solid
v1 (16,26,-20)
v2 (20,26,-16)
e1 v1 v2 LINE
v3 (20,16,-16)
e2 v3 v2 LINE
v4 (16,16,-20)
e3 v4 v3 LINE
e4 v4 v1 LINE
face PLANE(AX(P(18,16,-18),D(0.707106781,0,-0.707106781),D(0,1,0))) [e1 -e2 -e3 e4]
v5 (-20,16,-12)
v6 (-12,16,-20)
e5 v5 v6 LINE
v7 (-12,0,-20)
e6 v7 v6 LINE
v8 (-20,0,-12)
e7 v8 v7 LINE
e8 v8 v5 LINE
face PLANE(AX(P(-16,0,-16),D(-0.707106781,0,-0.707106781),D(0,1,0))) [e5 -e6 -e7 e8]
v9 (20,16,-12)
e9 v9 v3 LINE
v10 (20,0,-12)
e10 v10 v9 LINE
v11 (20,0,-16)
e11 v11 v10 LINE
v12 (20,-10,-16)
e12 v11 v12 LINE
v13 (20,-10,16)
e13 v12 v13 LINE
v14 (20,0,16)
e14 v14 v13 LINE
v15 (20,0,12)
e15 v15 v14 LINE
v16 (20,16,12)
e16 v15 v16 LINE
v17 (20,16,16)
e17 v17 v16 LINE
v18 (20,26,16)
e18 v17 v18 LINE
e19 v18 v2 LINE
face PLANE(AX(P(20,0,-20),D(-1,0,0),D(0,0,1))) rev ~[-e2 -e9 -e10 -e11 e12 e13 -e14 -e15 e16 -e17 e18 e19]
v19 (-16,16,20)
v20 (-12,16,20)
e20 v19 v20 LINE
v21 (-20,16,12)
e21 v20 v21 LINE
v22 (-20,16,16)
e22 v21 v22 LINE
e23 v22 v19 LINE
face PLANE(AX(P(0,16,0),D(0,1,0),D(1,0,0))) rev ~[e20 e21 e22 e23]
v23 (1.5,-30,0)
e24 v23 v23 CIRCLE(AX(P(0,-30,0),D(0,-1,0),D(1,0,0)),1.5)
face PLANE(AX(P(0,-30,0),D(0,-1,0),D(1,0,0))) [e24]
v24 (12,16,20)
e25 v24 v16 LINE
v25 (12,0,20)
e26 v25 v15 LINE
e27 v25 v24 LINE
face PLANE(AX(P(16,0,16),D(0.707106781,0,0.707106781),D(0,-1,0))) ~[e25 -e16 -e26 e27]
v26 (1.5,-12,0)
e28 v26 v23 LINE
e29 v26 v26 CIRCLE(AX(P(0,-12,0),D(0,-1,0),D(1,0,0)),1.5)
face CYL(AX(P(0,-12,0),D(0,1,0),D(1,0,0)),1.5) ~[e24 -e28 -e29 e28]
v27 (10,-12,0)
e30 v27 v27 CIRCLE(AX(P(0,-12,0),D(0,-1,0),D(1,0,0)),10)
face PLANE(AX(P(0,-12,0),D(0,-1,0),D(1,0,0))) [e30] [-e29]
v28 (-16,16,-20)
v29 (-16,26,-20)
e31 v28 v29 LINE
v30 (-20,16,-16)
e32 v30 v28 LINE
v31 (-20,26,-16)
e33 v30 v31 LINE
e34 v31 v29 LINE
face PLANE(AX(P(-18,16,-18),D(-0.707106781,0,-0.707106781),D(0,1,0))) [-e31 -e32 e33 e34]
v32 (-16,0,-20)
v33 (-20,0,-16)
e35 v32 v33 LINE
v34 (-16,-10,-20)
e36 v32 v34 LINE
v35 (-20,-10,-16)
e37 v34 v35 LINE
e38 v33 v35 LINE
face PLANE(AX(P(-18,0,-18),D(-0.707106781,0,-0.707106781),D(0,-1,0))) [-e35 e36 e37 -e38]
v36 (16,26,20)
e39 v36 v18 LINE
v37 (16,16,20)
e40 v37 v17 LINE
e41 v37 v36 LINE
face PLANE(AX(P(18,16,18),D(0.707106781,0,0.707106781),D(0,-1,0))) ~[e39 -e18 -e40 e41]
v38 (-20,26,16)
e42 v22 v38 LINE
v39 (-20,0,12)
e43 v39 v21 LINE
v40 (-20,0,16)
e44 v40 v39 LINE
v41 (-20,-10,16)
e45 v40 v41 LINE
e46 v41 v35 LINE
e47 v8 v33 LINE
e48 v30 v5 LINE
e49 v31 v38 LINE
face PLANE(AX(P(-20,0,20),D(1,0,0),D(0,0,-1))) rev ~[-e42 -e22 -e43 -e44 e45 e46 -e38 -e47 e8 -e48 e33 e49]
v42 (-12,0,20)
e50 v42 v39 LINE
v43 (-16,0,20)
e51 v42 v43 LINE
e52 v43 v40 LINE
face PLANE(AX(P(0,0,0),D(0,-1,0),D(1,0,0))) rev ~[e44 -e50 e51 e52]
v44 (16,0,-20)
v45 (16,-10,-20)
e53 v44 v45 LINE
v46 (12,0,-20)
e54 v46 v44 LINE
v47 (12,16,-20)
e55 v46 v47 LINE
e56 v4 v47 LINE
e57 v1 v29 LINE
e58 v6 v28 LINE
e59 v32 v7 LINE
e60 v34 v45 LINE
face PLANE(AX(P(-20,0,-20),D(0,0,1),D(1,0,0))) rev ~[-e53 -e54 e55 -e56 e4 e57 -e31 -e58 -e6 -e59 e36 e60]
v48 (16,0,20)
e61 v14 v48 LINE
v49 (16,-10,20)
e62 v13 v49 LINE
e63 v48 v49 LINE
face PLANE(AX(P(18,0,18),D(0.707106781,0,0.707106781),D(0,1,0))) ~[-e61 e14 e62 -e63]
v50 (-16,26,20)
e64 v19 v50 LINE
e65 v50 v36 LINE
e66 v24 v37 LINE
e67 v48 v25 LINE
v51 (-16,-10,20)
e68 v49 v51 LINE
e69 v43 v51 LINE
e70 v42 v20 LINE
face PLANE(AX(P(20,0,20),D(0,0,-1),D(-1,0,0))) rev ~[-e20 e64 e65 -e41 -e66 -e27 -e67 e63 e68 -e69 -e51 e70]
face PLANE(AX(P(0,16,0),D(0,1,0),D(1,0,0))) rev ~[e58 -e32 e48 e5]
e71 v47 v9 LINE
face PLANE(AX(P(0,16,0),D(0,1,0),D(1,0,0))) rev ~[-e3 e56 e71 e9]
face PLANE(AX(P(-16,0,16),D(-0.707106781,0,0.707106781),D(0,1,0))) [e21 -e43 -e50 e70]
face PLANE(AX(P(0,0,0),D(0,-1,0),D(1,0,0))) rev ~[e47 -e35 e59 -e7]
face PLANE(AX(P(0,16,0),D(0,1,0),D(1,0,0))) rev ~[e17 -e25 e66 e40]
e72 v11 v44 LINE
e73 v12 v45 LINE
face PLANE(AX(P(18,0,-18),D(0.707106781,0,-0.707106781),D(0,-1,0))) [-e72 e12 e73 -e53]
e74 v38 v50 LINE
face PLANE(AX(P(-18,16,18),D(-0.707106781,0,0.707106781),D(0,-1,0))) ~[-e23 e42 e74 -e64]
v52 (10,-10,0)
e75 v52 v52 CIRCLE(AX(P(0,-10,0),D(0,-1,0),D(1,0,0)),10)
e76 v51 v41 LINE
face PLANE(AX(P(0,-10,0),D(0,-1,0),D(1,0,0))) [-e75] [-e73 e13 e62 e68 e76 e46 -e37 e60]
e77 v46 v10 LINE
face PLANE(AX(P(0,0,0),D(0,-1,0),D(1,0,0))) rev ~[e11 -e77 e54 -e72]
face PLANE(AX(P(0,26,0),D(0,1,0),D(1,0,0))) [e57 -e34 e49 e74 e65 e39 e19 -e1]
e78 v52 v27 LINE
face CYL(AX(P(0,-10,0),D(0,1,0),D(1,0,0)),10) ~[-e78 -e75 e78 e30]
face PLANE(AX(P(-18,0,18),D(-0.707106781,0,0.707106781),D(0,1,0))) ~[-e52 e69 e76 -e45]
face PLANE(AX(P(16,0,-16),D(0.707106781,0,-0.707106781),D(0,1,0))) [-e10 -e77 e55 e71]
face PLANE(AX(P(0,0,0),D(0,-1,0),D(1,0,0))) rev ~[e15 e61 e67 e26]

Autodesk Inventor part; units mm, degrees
ref_plane "YZ Plane" through (0, 0, 0) normal (1, 0, 0) x (0, 1, 0)
ref_plane "XZ Plane" through (0, 0, 0) normal (0, 1, 0) x (-1, 0, 0)
ref_plane "XY Plane" through (0, 0, 0) normal (0, 0, 1) x (1, 0, 0)
sketch "Esquisse1" plane through (0, 0, 0) normal (0, 1, 0) x (-1, 0, 0)
  line L0 (-20, 20) -> (20, 20)
  line L1 (20, 20) -> (20, -20)
  line L2 (20, -20) -> (-20, -20)
  line L3 (-20, -20) -> (-20, 20)
  line L4 (-20, 20) -> (20, -20) construction
  line L5 (20, 20) -> (-20, -20) construction
  point P0 (0, 0)
  dimension "d0" = 40
  dimension "d1" = 40
extrude "Extrusion1" add sketch "Esquisse1" along normal blind 16
chamfer "Chanfrein1" distance 8 angle 45 4 edges at (-20, 8, 20) (20, 8, 20) (20, 8, -20) (-20, 8, -20)
sketch "Esquisse2" plane through (0, 16, 0) normal (0, 1, 0) x (1, 0, 0)
  line L0 (-20, -20) -> (20, -20)
  line L1 (20, -20) -> (20, 20)
  line L2 (20, 20) -> (-20, 20)
  line L3 (-20, 20) -> (-20, -20)
  line L4 (-20, -20) -> (20, 20) construction
  line L5 (20, -20) -> (-20, 20) construction
  point P0 (0, 0)
  dimension "d7" = 40
extrude "Extrusion2" add sketch "Esquisse2" along normal blind 10
chamfer "Chanfrein2" distance 4 angle 45 4 edges at (20, 21, -20) (20, 21, 20) (-20, 21, 20) (-20, 21, -20)
sketch "Esquisse3" plane through (0, 0, 0) normal (0, -1, 0) x (1, 0, 0)
  line L0 (20, 20) -> (-20, 20)
  line L1 (-20, 20) -> (-20, -20)
  line L2 (-20, -20) -> (20, -20)
  line L3 (20, -20) -> (20, 20)
  line L4 (20, 20) -> (-20, -20) construction
  line L5 (-20, 20) -> (20, -20) construction
  point P0 (0, 0)
  dimension "d13" = 40
  dimension "d14" = 40
extrude "Extrusion3" add sketch "Esquisse3" along normal blind 10
chamfer "Chanfrein3" distance 4 angle 45 4 edges at (-20, -5, 20) (20, -5, 20) (20, -5, -20) (-20, -5, -20)
sketch "Esquisse4" plane through (0, -10, 0) normal (0, -1, 0) x (1, 0, 0)
  circle A0 centre (0, 0) radius 10
  dimension "d20" = 20
extrude "Extrusion4" add sketch "Esquisse4" along normal blind 2
sketch "Esquisse5" plane through (0, -12, 0) normal (0, -1, 0) x (1, 0, 0)
  circle A0 centre (0, 0) radius 1.5
  dimension "d23" = 3
extrude "Extrusion5" add sketch "Esquisse5" along normal blind 18
sketch "Esquisse6" plane through (12, 16, 20) normal (0, 0, 1) x (1, 0, 0)
  line L0 (0, -16) -> (0, 0) projected
  line L1 (-24, 0) -> (-24, -16) projected
  line L2 (0, 0) -> (-24, 0)
  line L3 (-28, -16) -> (-24, -16) projected
  line L4 (0, -16) -> (-24, -16)
  point P0 (-12, -16)
sketch "Esquisse7" plane through (20, 16, -12) normal (1, 0, 0) x (0, 0, -1)
  line L0 (0, 0) -> (-25.6172, 0)
  line L1 (0, -16) -> (-25.6172, -16)
  point P0 (-12, -16)
sketch "Esquisse8" plane through (-12, 16, -20) normal (0, 0, -1) x (-1, 0, 0)
  line L0 (0, 0) -> (0, -16) projected
  line L1 (-24, -16) -> (-24, 0) projected
  line L2 (0, 0) -> (-24, 0)
  line L3 (4, -16) -> (0, -16) projected
  line L4 (0, -16) -> (-24, -16)
  point P0 (-12, -16)
sketch "Esquisse9" plane through (-20, 16, 12) normal (-1, 0, 0) x (0, 0, 1)
  line L0 (0, 0) -> (-24.1988, 0)
  line L1 (0, -16) -> (-24.1988, -16)
  point P0 (-12, -16)
properties part number "Moteur courroie"
